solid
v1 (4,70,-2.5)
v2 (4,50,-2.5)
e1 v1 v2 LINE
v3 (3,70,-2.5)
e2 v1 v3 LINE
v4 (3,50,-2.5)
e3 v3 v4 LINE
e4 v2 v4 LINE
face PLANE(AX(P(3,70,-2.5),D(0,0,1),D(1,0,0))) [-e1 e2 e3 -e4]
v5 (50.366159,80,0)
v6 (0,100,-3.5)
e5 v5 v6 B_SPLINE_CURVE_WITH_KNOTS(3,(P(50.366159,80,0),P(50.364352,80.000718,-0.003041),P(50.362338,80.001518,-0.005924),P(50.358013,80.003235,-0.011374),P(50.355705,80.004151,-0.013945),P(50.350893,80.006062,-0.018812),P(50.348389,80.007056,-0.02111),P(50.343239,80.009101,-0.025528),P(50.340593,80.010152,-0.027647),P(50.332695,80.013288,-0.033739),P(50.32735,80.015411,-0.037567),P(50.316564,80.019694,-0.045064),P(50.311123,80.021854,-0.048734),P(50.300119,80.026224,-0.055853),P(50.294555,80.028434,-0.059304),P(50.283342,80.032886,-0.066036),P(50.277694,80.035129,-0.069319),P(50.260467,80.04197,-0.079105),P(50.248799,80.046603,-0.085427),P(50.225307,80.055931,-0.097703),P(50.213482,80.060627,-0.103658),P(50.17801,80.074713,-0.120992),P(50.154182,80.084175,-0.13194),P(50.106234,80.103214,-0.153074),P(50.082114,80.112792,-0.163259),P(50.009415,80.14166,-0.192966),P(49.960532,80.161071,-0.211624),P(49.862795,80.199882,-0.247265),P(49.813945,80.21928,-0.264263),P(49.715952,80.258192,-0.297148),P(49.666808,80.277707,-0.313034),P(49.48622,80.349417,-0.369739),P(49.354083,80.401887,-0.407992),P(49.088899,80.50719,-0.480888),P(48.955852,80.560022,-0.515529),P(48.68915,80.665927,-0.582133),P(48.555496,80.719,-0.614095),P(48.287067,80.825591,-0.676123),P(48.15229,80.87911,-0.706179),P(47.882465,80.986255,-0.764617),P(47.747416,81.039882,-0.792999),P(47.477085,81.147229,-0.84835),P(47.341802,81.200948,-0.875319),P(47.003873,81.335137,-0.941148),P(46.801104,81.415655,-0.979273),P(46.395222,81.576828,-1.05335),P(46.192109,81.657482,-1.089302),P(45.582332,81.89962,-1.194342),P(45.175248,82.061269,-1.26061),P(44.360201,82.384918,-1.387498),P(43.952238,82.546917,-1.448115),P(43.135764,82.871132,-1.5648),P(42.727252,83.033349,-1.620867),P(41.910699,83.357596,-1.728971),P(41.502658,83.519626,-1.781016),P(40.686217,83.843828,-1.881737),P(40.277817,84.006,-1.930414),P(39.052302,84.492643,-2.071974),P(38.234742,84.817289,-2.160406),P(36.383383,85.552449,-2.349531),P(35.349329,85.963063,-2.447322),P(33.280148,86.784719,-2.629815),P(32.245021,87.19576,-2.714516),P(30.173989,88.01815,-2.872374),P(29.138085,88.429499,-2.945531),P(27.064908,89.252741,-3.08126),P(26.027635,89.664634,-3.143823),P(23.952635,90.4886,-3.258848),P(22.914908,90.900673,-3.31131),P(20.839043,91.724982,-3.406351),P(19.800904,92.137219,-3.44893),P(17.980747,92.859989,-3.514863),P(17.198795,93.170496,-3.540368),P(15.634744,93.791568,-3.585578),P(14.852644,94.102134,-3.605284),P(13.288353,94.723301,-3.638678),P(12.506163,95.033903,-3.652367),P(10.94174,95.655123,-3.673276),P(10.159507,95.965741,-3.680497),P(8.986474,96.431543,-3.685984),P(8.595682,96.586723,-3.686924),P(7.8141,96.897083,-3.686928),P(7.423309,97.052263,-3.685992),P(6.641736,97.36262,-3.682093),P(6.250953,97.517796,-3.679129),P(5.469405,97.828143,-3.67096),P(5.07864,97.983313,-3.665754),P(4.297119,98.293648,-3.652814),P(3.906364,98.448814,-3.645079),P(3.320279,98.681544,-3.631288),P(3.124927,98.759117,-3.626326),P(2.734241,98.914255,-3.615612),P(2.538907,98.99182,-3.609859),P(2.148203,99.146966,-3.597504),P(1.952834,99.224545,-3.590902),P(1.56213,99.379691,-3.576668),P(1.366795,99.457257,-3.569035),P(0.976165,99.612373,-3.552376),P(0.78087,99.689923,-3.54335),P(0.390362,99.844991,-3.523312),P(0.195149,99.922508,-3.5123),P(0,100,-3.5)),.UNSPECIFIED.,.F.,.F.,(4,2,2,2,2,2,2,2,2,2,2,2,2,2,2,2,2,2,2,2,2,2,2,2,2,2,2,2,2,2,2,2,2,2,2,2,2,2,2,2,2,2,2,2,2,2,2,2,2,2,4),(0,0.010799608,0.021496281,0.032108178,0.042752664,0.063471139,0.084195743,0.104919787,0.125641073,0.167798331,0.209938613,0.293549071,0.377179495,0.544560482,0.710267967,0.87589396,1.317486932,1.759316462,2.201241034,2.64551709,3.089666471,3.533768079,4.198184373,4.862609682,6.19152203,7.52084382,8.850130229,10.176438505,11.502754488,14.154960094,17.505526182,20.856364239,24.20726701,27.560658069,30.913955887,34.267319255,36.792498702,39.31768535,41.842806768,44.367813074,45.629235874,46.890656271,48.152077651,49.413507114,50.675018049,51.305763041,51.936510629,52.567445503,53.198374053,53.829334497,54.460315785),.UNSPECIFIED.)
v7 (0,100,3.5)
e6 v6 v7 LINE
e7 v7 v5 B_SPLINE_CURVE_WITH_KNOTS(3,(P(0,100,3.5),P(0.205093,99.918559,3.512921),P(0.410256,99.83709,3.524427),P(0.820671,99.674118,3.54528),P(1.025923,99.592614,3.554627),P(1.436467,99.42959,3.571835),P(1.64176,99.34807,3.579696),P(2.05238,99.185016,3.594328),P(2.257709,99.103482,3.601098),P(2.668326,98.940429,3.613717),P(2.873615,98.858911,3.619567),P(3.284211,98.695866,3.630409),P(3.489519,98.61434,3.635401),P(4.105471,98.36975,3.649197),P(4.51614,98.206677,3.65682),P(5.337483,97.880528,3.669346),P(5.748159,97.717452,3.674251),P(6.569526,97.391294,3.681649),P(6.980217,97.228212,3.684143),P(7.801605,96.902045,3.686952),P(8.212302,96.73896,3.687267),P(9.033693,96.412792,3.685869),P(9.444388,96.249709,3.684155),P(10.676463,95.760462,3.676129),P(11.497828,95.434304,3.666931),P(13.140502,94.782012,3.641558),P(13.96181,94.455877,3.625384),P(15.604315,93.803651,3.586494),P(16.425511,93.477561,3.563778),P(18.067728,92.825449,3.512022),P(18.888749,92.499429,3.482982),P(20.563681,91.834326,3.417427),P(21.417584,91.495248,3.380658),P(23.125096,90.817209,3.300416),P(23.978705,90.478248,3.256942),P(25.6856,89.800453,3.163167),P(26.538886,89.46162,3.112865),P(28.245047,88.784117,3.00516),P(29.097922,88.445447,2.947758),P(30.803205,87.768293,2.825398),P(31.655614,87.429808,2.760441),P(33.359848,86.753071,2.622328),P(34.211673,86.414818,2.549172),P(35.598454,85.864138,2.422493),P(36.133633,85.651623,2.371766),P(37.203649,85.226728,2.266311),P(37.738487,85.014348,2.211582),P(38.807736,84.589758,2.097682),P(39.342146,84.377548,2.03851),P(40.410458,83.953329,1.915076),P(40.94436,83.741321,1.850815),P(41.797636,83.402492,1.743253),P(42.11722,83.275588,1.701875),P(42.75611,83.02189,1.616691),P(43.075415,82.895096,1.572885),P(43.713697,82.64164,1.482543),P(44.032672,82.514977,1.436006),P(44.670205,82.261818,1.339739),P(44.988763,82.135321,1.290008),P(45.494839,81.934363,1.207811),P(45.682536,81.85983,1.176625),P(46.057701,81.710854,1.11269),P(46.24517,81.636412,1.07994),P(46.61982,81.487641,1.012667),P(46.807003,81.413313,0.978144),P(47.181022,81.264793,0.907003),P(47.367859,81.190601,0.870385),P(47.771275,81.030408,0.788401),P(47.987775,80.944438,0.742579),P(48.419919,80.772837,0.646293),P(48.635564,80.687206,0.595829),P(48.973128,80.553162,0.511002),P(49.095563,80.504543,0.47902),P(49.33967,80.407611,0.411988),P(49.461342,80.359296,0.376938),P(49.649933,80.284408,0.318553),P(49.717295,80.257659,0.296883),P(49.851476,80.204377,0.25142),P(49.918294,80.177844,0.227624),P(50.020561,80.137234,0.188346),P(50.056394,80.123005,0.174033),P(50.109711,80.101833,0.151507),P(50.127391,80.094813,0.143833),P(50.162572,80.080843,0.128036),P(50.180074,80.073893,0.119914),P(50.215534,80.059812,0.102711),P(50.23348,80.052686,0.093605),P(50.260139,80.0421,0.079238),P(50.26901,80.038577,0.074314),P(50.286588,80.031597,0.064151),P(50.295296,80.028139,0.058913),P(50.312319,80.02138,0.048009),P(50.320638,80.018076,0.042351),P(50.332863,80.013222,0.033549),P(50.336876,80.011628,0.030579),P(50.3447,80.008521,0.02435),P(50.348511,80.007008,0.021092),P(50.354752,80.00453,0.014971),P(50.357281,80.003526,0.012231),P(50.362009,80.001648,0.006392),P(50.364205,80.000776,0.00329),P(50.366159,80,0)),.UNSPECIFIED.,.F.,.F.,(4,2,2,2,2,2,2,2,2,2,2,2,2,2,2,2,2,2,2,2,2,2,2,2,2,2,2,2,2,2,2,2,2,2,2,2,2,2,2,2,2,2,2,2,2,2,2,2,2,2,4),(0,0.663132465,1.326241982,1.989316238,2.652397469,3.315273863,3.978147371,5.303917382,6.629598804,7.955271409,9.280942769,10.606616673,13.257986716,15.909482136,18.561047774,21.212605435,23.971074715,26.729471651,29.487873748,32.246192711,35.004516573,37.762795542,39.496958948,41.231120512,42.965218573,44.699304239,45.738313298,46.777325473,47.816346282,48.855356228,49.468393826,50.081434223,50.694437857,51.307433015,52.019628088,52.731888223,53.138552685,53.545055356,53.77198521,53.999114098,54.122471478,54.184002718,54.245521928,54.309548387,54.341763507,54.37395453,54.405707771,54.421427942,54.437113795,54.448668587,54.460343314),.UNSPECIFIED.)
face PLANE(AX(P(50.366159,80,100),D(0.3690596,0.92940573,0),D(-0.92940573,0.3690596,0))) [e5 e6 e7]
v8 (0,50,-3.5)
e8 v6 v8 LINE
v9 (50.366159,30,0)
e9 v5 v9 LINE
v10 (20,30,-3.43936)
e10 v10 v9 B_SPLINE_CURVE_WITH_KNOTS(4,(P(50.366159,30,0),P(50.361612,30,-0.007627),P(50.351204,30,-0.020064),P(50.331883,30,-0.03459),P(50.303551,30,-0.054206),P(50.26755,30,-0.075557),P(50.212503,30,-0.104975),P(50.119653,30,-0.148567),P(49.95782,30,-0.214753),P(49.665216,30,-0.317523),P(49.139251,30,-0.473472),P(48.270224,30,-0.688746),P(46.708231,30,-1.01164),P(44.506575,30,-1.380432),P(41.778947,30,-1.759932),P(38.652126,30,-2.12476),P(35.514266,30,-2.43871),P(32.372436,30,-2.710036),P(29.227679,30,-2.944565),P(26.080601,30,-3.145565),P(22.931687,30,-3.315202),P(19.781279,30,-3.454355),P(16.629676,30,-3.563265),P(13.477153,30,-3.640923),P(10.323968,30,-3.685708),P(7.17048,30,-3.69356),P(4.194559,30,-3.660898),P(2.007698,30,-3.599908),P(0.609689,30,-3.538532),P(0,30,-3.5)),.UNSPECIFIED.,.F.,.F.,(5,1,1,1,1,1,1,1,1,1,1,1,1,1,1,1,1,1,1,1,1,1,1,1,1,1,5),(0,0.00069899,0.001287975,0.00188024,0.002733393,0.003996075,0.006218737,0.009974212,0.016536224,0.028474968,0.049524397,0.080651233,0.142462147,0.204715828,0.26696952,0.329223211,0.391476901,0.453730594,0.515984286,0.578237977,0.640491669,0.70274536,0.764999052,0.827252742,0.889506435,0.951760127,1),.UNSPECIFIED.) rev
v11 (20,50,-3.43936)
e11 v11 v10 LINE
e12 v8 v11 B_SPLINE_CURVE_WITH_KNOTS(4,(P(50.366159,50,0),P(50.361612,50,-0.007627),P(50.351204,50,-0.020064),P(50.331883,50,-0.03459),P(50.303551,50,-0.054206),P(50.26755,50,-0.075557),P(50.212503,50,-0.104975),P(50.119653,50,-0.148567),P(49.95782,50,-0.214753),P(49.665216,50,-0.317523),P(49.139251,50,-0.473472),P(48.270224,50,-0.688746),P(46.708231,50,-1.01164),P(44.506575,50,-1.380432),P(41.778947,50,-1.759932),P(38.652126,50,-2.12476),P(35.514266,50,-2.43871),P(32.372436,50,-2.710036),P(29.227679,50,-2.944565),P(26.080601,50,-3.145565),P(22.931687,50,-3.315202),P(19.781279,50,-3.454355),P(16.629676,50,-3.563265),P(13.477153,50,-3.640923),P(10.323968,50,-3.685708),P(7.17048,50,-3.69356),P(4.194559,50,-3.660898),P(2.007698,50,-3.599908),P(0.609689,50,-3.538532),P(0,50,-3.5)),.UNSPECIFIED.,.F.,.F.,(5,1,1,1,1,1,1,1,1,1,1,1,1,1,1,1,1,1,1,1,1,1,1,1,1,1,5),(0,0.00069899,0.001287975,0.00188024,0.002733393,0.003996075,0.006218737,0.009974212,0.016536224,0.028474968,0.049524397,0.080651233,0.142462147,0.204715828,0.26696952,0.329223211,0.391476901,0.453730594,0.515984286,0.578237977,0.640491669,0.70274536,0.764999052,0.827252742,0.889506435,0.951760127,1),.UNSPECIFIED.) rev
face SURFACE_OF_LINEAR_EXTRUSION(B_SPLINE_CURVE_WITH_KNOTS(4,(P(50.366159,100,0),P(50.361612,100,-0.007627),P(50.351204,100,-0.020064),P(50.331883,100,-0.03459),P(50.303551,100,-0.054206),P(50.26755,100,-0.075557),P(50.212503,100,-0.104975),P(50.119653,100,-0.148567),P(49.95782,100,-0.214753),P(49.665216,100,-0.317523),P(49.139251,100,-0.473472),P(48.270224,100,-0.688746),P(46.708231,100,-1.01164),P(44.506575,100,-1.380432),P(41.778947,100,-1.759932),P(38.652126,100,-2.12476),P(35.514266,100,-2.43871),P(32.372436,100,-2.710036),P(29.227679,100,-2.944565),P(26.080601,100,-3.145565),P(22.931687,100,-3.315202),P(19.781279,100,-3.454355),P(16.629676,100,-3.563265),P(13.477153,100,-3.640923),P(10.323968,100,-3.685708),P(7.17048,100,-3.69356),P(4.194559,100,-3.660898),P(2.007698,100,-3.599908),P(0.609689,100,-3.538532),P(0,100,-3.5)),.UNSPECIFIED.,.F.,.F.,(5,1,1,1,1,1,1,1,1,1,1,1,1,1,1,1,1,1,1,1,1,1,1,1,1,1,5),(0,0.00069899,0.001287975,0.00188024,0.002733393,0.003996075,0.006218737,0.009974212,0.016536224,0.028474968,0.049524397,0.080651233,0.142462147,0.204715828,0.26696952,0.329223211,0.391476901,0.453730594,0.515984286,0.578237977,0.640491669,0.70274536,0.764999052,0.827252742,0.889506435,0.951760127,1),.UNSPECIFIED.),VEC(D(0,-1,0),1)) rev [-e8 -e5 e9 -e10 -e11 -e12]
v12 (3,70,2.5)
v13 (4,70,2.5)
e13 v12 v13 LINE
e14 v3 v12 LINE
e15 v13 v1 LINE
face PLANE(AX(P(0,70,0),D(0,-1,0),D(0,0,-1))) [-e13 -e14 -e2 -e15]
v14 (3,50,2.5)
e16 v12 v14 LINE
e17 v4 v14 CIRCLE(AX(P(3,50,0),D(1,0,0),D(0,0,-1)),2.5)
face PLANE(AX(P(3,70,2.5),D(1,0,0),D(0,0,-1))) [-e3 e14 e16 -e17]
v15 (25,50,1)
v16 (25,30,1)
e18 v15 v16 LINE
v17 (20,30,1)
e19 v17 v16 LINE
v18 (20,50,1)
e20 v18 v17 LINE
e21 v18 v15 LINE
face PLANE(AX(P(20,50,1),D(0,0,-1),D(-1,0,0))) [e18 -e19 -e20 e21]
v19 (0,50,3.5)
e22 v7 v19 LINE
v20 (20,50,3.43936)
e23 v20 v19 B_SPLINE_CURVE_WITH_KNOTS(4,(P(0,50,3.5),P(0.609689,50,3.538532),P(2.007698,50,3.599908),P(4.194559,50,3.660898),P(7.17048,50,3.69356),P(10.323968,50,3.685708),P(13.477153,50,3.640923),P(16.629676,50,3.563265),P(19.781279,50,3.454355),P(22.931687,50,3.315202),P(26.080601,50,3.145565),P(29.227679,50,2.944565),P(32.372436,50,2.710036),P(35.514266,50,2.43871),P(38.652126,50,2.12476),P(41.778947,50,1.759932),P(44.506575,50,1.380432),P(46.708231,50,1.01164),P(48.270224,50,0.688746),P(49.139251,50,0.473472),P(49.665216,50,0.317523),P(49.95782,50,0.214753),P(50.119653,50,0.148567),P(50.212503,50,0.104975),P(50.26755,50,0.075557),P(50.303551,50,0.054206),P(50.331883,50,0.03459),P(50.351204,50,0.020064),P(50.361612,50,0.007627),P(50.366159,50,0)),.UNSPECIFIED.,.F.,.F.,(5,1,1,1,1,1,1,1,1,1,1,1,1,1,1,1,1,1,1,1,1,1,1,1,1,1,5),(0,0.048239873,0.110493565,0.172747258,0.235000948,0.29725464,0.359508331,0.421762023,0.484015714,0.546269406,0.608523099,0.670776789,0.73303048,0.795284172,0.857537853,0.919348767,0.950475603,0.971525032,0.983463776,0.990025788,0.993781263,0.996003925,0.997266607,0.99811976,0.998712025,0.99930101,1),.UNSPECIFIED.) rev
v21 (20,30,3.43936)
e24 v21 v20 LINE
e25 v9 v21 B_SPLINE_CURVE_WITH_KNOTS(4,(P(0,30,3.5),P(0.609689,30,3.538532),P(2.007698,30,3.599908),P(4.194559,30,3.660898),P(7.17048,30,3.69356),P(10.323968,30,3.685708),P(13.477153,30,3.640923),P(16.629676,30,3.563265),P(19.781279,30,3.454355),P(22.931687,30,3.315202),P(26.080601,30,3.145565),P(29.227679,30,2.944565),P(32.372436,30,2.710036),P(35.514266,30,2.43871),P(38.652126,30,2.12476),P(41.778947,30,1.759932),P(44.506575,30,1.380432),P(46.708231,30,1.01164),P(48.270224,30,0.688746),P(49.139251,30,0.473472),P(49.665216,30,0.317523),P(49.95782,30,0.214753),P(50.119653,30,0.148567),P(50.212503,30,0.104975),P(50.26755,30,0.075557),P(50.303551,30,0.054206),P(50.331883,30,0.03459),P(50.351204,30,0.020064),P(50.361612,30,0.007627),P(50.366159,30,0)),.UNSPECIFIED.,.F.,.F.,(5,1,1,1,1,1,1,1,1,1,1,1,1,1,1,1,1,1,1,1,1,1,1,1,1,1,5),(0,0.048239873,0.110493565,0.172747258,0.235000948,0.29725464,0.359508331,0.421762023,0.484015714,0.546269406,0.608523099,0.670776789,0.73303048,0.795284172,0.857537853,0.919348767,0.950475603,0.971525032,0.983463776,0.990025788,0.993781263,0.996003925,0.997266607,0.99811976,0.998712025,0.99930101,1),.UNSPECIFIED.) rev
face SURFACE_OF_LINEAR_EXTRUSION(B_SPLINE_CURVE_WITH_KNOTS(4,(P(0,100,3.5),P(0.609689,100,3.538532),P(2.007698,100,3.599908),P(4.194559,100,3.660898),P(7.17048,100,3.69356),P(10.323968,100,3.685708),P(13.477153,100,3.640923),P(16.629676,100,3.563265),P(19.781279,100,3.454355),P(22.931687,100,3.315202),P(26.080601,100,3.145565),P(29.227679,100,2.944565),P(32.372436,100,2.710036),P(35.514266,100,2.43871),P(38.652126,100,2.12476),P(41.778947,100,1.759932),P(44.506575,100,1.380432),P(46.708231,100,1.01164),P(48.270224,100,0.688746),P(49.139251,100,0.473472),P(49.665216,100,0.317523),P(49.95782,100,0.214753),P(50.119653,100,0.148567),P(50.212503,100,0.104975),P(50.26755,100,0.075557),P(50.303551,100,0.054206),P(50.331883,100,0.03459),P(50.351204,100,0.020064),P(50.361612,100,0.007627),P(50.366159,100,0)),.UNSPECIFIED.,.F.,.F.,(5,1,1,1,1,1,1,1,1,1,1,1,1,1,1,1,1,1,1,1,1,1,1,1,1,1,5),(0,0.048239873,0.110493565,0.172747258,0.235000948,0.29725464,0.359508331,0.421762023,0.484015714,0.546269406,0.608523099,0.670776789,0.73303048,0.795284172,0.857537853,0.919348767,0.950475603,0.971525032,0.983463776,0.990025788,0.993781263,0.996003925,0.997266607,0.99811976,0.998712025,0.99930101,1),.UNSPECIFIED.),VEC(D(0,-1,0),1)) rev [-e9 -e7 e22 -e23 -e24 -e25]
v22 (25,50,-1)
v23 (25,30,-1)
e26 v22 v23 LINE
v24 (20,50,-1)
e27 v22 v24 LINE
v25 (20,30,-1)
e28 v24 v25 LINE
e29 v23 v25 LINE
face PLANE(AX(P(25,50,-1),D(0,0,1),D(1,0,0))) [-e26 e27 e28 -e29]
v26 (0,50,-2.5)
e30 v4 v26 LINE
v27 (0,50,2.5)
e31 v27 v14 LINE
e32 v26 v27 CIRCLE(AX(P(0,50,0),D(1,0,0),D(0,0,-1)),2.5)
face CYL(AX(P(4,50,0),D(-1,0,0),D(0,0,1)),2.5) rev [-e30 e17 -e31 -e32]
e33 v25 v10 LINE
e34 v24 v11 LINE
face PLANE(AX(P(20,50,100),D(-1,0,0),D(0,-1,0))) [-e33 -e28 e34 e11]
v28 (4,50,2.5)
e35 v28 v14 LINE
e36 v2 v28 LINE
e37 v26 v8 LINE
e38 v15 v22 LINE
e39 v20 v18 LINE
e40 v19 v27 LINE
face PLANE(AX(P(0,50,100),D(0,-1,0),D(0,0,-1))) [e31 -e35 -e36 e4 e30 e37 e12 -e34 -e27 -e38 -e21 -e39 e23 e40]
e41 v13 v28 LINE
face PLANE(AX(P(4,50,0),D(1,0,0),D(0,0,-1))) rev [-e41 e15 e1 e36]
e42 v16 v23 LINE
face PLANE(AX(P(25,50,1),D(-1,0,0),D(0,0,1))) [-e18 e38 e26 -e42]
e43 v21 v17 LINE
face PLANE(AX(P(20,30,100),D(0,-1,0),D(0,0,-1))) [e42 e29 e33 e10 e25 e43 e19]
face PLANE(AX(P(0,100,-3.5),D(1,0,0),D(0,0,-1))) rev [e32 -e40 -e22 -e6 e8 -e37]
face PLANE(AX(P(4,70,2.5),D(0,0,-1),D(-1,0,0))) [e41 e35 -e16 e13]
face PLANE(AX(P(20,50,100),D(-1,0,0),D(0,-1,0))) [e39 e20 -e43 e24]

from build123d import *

# Parameters (mm, degrees)
EXTRUDE_2_DEPTH          = 100
CUT_EXTRUDE_1_DEPTH      = 100
CUT_EXTRUDE_1_DEPTH_BACK = 100
CUT_EXTRUDE_2_DEPTH      = 100
CUT_EXTRUDE_2_DEPTH_BACK = 100
SKETCH_7_R               = 2.5
CUT_EXTRUDE_3_DEPTH      = 4
SKETCH_9_W               = 5
SKETCH_9_H               = 2
CUT_EXTRUDE_5_DEPTH      = 50
SKETCH_11_W              = 1
SKETCH_11_H              = 5
CUT_EXTRUDE_6_DEPTH      = 70


with BuildPart() as part:
    # 草图1 → 凸台-拉伸2 (new body)
    with BuildSketch(Plane(origin=(0, 0, 0), x_dir=(1, 0, 0), z_dir=(0, 1, 0))):
        with BuildLine():
            Line((0, 3.5), (0, -3.5))
            add(Edge.make_bspline(
                [(50.366159274, 0), (50.361611856, -0.007626809), (50.351204479, -0.02006437), (50.331882619, -0.034590016), (50.303550644, -0.054206105), (50.267550201, -0.075556608), (50.212502865, -0.10497516), (50.119653298, -0.148566943), (49.957819519, -0.214752734), (49.665215675, -0.317523283), (49.13925125, -0.473472151), (48.270224034, -0.688745908), (46.70823084, -1.011640024), (44.506574683, -1.380432353), (41.778946661, -1.759931683), (38.652126132, -2.124759538), (35.514265565, -2.438710467), (32.372435692, -2.710036408), (29.227679081, -2.944564854), (26.08060135, -3.145565261), (22.931686571, -3.315201685), (19.781279338, -3.454355095), (16.629676417, -3.563265326), (13.477153227, -3.64092263), (10.32396772, -3.685707952), (7.170479651, -3.693560136), (4.194558842, -3.660897819), (2.007697821, -3.59990808), (0.60968903, -3.538531774), (0, -3.5)],
                knots=[0, 0, 0, 0, 0, 0.00069899, 0.001287975, 0.00188024, 0.002733393, 0.003996075, 0.006218737, 0.009974212, 0.016536224, 0.028474968, 0.049524397, 0.080651233, 0.142462147, 0.204715828, 0.26696952, 0.329223211, 0.391476901, 0.453730594, 0.515984286, 0.578237977, 0.640491669, 0.70274536, 0.764999052, 0.827252742, 0.889506435, 0.951760127, 1, 1, 1, 1, 1], degree=4))
            add(Edge.make_bspline(
                [(50.366159274, 0), (50.361611856, 0.007626809), (50.351204479, 0.02006437), (50.331882619, 0.034590016), (50.303550644, 0.054206105), (50.267550201, 0.075556608), (50.212502865, 0.10497516), (50.119653298, 0.148566943), (49.957819519, 0.214752734), (49.665215675, 0.317523283), (49.13925125, 0.473472151), (48.270224034, 0.688745908), (46.70823084, 1.011640024), (44.506574683, 1.380432353), (41.778946661, 1.759931683), (38.652126132, 2.124759538), (35.514265565, 2.438710467), (32.372435692, 2.710036408), (29.227679081, 2.944564854), (26.08060135, 3.145565261), (22.931686571, 3.315201685), (19.781279338, 3.454355095), (16.629676417, 3.563265326), (13.477153227, 3.64092263), (10.32396772, 3.685707952), (7.170479651, 3.693560136), (4.194558842, 3.660897819), (2.007697821, 3.59990808), (0.60968903, 3.538531774), (0, 3.5)],
                knots=[0, 0, 0, 0, 0, 0.00069899, 0.001287975, 0.00188024, 0.002733393, 0.003996075, 0.006218737, 0.009974212, 0.016536224, 0.028474968, 0.049524397, 0.080651233, 0.142462147, 0.204715828, 0.26696952, 0.329223211, 0.391476901, 0.453730594, 0.515984286, 0.578237977, 0.640491669, 0.70274536, 0.764999052, 0.827252742, 0.889506435, 0.951760127, 1, 1, 1, 1, 1], degree=4))
        make_face()
    extrude(amount=EXTRUDE_2_DEPTH)

    # 草图3 → 切除-拉伸1 (cut, two sides: drawn at the far end of the back side and taken through both)
    with BuildSketch(Plane.XY.offset(-CUT_EXTRUDE_1_DEPTH_BACK)):
        Polygon((50.366159274, 100), (50.366159274, 80), (0, 100), align=None)
        Polygon((50.366159274, 0), (50.366159274, 20), (0, 0), align=None)
    extrude(amount=CUT_EXTRUDE_1_DEPTH + CUT_EXTRUDE_1_DEPTH_BACK, mode=Mode.SUBTRACT)

    # 草图6 → 切除-拉伸2 (cut, two sides: drawn at the far end of the back side and taken through both)
    with BuildSketch(Plane.XY.offset(-CUT_EXTRUDE_2_DEPTH_BACK)):
        Polygon((0, 50), (20, 50), (20, 30), (50.366159274, 30), (50.366159274, 20), (0, 0), align=None)
    extrude(amount=CUT_EXTRUDE_2_DEPTH + CUT_EXTRUDE_2_DEPTH_BACK, mode=Mode.SUBTRACT)

    # 草图7 → 切除-拉伸3 (cut)
    with BuildSketch(Plane(origin=(0, 0, 0), x_dir=(0, 0, -1), z_dir=(1, 0, 0))):
        with Locations((0, 50)):
            Circle(SKETCH_7_R)
    extrude(amount=CUT_EXTRUDE_3_DEPTH, mode=Mode.SUBTRACT)

    # 草图9 → 切除-拉伸5 (cut)
    with BuildSketch(Plane(origin=(0, 0, 0), x_dir=(1, 0, 0), z_dir=(0, 1, 0))):
        with Locations((22.5, 0)):
            Rectangle(SKETCH_9_W, SKETCH_9_H)
    extrude(amount=CUT_EXTRUDE_5_DEPTH, mode=Mode.SUBTRACT)

    # 草图11 → 切除-拉伸6 (cut)
    with BuildSketch(Plane(origin=(0, 0, 0), x_dir=(1, 0, 0), z_dir=(0, 1, 0))):
        with Locations((3.5, 0)):
            Rectangle(SKETCH_11_W, SKETCH_11_H)
    extrude(amount=CUT_EXTRUDE_6_DEPTH, mode=Mode.SUBTRACT)


solid = part.part
